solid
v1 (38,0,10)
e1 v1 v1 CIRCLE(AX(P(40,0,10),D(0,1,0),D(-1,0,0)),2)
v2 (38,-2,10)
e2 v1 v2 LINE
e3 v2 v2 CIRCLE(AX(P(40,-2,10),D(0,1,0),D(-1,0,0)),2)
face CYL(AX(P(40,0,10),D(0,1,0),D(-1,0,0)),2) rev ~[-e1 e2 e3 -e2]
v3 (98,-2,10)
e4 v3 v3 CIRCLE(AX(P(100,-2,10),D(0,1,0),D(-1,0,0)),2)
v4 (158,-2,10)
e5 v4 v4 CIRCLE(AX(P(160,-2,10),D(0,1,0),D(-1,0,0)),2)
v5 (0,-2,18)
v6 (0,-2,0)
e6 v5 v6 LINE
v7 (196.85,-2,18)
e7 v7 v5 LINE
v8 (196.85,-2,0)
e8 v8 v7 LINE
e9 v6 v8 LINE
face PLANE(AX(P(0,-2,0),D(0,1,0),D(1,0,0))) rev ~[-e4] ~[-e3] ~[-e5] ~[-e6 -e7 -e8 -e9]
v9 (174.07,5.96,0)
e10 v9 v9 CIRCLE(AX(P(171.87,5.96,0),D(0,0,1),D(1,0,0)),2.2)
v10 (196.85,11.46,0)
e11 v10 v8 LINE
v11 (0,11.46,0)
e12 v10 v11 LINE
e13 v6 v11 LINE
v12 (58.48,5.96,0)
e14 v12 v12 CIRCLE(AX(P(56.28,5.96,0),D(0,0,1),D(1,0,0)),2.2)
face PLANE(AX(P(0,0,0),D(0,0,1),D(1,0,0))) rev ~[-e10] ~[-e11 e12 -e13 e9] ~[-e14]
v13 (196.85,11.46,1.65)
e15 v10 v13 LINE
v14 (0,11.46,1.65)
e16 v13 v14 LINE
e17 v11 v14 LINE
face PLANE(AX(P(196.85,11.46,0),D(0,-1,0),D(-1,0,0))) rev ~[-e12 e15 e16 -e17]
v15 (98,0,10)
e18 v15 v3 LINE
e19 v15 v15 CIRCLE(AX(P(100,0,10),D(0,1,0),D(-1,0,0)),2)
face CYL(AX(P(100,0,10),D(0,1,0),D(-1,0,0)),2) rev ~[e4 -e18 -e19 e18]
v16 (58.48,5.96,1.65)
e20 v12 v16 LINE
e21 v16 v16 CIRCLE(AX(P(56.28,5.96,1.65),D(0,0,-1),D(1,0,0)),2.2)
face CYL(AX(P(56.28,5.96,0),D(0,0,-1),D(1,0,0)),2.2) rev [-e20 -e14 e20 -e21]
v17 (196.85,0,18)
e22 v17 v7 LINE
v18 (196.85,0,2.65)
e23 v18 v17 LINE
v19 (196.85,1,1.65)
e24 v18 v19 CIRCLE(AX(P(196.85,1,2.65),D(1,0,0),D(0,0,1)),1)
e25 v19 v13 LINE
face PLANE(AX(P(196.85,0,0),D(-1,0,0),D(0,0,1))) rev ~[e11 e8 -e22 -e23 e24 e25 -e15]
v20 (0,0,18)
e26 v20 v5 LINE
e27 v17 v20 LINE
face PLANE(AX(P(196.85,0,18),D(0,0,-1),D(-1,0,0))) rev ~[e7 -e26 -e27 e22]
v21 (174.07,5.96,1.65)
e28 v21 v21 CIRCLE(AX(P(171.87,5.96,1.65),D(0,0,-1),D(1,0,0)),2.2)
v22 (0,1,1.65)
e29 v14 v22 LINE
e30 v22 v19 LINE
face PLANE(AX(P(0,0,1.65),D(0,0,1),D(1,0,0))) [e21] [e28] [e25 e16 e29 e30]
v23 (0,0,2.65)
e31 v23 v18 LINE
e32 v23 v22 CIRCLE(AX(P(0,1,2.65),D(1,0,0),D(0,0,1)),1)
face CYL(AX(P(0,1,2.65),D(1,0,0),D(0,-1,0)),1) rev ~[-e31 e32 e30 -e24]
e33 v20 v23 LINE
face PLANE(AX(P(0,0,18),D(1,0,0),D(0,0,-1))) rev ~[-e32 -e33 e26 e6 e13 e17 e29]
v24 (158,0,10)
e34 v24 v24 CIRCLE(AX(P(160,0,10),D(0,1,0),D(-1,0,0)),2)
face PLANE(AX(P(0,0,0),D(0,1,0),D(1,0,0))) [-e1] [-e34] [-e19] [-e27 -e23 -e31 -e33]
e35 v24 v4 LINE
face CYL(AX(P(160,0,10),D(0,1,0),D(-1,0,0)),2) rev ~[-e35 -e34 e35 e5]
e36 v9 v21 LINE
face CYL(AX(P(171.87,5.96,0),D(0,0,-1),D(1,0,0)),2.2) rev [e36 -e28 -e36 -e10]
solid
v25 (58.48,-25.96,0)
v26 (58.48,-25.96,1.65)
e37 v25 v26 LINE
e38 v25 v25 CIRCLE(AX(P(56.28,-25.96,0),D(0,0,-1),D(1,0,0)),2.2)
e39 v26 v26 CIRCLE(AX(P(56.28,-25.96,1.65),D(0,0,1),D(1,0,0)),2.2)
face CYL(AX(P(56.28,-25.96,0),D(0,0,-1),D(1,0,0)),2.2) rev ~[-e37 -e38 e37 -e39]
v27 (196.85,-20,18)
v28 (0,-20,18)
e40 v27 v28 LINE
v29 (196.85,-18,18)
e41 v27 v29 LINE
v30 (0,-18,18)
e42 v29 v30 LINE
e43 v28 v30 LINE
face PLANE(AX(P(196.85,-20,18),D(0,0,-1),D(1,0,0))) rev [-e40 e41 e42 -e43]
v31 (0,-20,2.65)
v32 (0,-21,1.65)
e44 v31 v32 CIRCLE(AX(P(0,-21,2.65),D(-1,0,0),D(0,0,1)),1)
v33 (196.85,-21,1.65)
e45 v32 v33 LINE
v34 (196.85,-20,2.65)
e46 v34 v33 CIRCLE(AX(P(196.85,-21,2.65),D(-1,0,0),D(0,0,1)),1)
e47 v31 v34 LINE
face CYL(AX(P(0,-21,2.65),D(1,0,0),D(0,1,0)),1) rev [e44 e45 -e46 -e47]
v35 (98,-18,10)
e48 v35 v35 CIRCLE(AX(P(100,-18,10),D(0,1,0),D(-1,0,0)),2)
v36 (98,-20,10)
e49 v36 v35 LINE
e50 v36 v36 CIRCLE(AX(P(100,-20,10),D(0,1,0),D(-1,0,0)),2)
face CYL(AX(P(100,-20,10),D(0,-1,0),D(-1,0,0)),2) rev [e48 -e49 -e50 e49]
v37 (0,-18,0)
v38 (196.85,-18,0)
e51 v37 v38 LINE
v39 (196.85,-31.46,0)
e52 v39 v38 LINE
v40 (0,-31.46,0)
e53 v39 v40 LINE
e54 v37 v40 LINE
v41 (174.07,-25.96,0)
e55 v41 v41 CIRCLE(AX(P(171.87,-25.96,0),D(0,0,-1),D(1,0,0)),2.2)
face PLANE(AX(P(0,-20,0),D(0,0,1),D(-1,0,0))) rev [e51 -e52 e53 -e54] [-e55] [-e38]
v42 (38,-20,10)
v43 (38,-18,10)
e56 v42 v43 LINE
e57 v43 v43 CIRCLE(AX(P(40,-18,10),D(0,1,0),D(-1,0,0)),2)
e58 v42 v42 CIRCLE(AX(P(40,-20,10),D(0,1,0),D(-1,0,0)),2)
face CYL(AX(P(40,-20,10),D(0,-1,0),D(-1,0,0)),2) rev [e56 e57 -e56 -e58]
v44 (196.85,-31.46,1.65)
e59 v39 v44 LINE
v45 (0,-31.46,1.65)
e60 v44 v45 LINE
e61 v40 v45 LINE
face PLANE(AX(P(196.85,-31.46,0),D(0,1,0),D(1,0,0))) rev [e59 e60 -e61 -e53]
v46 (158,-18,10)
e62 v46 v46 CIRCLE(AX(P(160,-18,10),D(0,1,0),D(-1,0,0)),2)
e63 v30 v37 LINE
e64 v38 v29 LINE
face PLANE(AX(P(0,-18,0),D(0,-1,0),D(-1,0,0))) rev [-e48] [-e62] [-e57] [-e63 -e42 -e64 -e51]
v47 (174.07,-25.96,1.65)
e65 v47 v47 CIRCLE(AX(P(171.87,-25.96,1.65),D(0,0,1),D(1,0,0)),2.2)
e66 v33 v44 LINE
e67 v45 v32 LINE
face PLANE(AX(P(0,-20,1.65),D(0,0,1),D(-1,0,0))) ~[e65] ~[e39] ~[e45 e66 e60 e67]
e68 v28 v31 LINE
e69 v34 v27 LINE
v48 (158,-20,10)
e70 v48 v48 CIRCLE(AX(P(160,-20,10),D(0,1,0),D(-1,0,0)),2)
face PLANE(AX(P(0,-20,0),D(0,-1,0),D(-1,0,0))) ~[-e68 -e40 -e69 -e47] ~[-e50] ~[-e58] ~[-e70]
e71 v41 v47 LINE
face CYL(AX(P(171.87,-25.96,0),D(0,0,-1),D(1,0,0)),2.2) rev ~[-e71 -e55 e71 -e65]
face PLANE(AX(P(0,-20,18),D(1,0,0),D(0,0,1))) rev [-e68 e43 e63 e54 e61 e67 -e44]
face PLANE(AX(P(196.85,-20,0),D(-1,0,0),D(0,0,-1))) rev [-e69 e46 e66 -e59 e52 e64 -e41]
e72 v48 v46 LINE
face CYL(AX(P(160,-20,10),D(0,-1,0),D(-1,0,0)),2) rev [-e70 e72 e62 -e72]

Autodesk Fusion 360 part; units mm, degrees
sketch "Sketch1" plane through (0, 0, 0) normal (0, 0, 1) x (1, 0, 0)
  line L0 (0, 0) -> (196.85, 0)
  line L1 (196.85, 0) -> (196.85, 11.46)
  line L2 (196.85, 11.46) -> (0, 11.46)
  line L3 (0, 11.46) -> (0, 0)
  circle A0 centre (56.28, 5.96) radius 2.2
  circle A1 centre (171.87, 5.96) radius 2.2
  dimension "d1" = 196.85
  dimension "d2" = 11.46
  dimension "d5" = 4.4
  dimension "d6" = 56.28
  dimension "d7" = 4.4
  dimension "d8" = 24.98
  dimension "d9" = 5.5
  dimension "d10" = 5.5
extrude "Extrude1" add sketch "Sketch1" along normal blind 1.65 contours L0 L1 L2 L3 | A0 | A1 makes body 1
extrude "Extrude2" cut sketch "Sketch1" along normal through all contours A0 | A1 bodies 1
sketch "Sketch2" plane through (0, 0, 0) normal (0, 1, 0) x (1, 0, 0)
  line L0 (0, 0) -> (196.85, 0)
  line L1 (196.85, 0) -> (196.85, -18)
  line L2 (196.85, -18) -> (0, -18)
  line L3 (0, -18) -> (0, 0)
  dimension "d12" = 196.85
  dimension "d13" = 18
extrude "Extrude3" add sketch "Sketch2" against normal blind 2 bodies 1
fillet "Fillet1" radius 1 1 edges at (98.425, 0, 1.65) on bodies 1
sketch "Sketch3" plane through (0, 0, 0) normal (0, 1, 0) x (-1, 0, 0)
  line L0 (-196.85, 2.65) -> (0, 2.65)
  line L1 (0, 2.65) -> (0, 18)
  line L2 (0, 18) -> (-196.85, 18)
  line L3 (-196.85, 18) -> (-196.85, 2.65)
  circle A0 centre (-160, 10) radius 2
  circle A1 centre (-100, 10) radius 2
  circle A2 centre (-40, 10) radius 2
  dimension "d18" = 4
  dimension "d19" = 4
  dimension "d20" = 4
extrude "Extrude4" cut sketch "Sketch3" against normal blind 5 contours A0 | A1 | A2 bodies 1
ref_plane "WorkPlane1" through (0, -10, 0) normal (0, 1, 0) x (0, 0, 1)
mirror "Mirror1" about plane through (0, -10, 0) normal (0, 1, 0) of bodies 1 makes body 2
